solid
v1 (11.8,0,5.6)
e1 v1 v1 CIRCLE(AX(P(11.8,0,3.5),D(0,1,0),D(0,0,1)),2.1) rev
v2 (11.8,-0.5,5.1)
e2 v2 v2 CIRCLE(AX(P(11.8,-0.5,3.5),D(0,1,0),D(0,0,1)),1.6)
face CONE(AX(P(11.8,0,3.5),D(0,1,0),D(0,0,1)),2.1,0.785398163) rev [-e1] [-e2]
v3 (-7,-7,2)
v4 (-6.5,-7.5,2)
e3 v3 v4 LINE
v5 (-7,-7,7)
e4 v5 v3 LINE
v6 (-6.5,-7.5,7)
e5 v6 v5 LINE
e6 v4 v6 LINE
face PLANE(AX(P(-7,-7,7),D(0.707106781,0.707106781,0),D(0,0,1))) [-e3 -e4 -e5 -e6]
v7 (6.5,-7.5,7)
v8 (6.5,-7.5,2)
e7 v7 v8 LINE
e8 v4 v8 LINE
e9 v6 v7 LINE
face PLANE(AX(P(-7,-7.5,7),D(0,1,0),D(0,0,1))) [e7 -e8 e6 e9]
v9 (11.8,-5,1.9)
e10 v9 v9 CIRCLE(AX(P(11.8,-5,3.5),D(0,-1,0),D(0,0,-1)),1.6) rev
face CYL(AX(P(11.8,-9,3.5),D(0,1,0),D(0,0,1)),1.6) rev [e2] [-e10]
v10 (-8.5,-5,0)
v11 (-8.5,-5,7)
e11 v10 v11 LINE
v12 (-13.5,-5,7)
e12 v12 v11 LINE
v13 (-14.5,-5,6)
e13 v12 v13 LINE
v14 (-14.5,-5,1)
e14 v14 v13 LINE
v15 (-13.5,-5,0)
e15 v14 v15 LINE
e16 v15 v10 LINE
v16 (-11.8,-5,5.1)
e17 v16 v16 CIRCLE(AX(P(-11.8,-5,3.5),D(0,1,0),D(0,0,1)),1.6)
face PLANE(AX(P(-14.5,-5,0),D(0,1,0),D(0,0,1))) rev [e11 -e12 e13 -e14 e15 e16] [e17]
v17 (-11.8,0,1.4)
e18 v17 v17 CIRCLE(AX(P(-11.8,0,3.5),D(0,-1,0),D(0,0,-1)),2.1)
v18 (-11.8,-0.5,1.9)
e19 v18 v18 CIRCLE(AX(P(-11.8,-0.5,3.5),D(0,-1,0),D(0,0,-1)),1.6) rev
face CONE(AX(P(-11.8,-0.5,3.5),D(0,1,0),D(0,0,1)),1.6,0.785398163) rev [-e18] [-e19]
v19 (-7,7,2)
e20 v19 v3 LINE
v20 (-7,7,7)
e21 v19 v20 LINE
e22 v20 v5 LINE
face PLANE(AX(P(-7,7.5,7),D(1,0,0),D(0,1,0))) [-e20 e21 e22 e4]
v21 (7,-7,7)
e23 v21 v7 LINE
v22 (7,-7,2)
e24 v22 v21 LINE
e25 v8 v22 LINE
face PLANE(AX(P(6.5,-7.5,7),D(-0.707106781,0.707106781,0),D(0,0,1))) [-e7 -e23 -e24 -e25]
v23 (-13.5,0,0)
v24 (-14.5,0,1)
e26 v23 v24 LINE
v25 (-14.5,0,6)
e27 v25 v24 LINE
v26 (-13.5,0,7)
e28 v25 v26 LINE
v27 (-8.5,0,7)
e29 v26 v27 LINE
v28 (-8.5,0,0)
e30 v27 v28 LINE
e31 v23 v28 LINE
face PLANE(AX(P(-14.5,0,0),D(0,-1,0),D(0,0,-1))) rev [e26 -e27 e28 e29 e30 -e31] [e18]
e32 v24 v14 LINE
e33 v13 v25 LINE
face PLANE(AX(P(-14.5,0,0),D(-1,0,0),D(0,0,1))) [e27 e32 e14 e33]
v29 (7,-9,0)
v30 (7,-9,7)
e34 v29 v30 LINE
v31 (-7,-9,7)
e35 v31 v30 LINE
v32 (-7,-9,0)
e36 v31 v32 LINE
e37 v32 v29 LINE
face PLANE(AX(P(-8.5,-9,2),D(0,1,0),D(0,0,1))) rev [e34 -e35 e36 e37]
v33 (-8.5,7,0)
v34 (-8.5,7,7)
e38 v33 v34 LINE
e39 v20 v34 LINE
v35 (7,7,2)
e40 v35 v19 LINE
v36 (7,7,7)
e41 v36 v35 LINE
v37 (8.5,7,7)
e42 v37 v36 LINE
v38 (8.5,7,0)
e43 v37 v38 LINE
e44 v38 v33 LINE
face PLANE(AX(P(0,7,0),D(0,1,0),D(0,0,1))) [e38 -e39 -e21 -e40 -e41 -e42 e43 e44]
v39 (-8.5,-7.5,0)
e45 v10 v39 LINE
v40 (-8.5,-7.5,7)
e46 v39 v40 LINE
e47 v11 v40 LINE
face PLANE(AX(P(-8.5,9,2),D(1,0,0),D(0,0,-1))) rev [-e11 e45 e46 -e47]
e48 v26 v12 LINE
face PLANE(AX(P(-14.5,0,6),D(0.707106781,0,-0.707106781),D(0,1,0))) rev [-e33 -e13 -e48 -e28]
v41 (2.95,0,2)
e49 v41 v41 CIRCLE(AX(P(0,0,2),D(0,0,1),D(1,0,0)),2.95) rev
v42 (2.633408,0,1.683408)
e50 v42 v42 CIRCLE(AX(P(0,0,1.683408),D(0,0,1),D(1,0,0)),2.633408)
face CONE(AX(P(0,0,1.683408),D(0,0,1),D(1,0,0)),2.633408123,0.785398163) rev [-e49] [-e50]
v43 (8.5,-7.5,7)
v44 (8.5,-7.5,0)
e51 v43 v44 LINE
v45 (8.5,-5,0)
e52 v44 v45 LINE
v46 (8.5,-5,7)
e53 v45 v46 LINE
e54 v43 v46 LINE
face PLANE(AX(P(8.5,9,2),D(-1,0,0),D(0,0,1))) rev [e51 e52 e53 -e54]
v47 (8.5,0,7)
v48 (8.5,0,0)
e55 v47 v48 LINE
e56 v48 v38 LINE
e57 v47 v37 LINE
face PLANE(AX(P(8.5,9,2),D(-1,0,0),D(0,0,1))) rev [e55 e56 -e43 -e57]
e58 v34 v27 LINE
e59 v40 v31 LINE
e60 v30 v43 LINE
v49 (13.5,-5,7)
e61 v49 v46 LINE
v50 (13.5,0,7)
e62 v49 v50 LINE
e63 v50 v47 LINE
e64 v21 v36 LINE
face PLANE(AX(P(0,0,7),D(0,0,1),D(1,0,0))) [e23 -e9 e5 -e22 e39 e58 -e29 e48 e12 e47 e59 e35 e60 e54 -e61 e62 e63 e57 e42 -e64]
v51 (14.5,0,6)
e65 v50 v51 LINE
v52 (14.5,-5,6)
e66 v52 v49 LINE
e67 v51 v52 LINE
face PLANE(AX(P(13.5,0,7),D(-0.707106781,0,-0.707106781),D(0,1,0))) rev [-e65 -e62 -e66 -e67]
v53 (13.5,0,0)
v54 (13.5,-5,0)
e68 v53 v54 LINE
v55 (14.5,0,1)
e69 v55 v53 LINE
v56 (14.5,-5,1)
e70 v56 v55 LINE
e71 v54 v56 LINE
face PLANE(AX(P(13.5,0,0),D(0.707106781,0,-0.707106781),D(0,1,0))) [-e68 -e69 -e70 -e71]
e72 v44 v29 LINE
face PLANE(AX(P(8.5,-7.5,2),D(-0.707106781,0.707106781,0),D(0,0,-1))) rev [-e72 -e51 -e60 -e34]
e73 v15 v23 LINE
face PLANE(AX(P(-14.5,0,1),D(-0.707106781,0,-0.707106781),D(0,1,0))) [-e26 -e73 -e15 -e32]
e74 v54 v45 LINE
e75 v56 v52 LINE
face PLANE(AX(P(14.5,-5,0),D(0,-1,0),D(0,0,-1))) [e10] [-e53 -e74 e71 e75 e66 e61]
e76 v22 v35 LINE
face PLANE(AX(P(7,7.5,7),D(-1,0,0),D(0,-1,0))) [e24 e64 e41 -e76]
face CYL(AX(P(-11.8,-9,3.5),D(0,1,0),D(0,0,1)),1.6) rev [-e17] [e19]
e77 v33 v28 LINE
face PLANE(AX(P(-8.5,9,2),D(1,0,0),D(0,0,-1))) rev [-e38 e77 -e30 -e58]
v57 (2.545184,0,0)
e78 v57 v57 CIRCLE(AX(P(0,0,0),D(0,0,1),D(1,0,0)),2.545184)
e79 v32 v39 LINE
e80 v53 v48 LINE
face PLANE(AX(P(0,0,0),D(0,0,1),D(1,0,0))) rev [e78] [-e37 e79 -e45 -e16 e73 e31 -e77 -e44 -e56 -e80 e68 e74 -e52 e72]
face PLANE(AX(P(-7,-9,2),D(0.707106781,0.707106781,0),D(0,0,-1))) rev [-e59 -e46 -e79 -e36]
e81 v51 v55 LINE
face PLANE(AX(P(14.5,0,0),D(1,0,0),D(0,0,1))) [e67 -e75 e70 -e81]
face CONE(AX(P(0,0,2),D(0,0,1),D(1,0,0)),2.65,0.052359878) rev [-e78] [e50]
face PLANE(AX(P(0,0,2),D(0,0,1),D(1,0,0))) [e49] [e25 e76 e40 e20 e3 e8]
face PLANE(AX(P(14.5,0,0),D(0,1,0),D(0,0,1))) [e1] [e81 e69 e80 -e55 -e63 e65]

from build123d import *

# Parameters (mm, degrees)
ESQUISSE1_W                  = 17
ESQUISSE1_H                  = 18
BOSS_EXTRU_1_DEPTH           = 2
ESQUISSE2_W                  = 17
ESQUISSE2_H                  = 18
ESQUISSE2_W_2                = 14
ESQUISSE2_H_2                = 15
BOSS_EXTRU_2_DEPTH           = 5
ESQUISSE3_W                  = 7
ESQUISSE3_H                  = 5
BOSS_EXTRU_3_DEPTH           = 6
ESQUISSE4_R                  = 1.6
ENL_V_MAT_EXTRU_1_DEPTH      = 19.445866746
CHANFREIN1_SIZE              = 1
CHANFREIN1_OF_SYM_TRIE2_SIZE = 1
CHANFREIN2_SIZE              = 1.5
CHANFREIN3_SIZE              = 0.5
ESQUISSE5_R                  = 2.65
ENL_V_MAT_EXTRU_2_DEPTH      = 2
ENL_V_MAT_EXTRU_2_DRAFT      = -3
CHANFREIN4_SIZE              = 0.3
CHANFREIN4_SIZE2             = 0.317026351
CHANFREIN5_SIZE              = 0.5
ESQUISSE6_W                  = 25.293651759
ESQUISSE6_H                  = 13.130697886
ENL_V_MAT_EXTRU_3_DEPTH      = 2


with BuildPart() as part:
    # Esquisse1 → Boss.-Extru.1 (new body)
    with BuildSketch(Plane.XY):
        Rectangle(ESQUISSE1_W, ESQUISSE1_H)
    extrude(amount=BOSS_EXTRU_1_DEPTH)

    # Esquisse2 → Boss.-Extru.2 (add)
    with BuildSketch(Plane.XY.offset(2)):
        Rectangle(ESQUISSE2_W, ESQUISSE2_H)
        Rectangle(ESQUISSE2_W_2, ESQUISSE2_H_2, mode=Mode.SUBTRACT)
    extrude(amount=BOSS_EXTRU_2_DEPTH)

    # Esquisse3 → Boss.-Extru.3 (add)
    with BuildSketch(Plane.ZY.offset(8.5)):
        with Locations((3.5, -2.5)):
            Rectangle(ESQUISSE3_W, ESQUISSE3_H)
    boss_extru_3 = extrude(amount=BOSS_EXTRU_3_DEPTH)

    # Esquisse4 → Enlèv. mat.-Extru.1 (cut, through all)
    with BuildSketch(Plane(origin=(0, 0, 0), x_dir=(1, 0, 0), z_dir=(0, 1, 0))):
        with Locations(Location((-11.8, -3.5, 0), (0, 0, 270))):
            Circle(ESQUISSE4_R)
    enl_v_mat_extru_1 = extrude(amount=-ENL_V_MAT_EXTRU_1_DEPTH, mode=Mode.SUBTRACT)

    # Chanfrein1
    chanfrein1_edges = [part.edges().sort_by_distance(p)[0] for p in [
        (-14.5, -2.5, 0),
        (-14.5, -2.5, 7),
    ]]
    chamfer(chanfrein1_edges, length=CHANFREIN1_SIZE)

    # Symétrie2: Boss.-Extru.3, Enlèv. mat.-Extru.1 across plane
    add(boss_extru_3.mirror(Plane(origin=(0, 0, 0), x_dir=(0, 0, 1), z_dir=(1, 0, 0))))
    add(enl_v_mat_extru_1.mirror(Plane(origin=(0, 0, 0), x_dir=(0, 0, 1), z_dir=(1, 0, 0))), mode=Mode.SUBTRACT)

    # Chanfrein1 of Symétrie2
    chanfrein1_of_sym_trie2_edges = [part.edges().sort_by_distance(p)[0] for p in [
        (14.5, -2.5, 0),
        (14.5, -2.5, 7),
    ]]
    chamfer(chanfrein1_of_sym_trie2_edges, length=CHANFREIN1_OF_SYM_TRIE2_SIZE)

    # Chanfrein2
    chanfrein2_edges = [part.edges().sort_by_distance(p)[0] for p in [
        (-8.5, 9, 3.5),
        (8.5, 9, 3.5),
        (8.5, -9, 3.5),
        (-8.5, -9, 3.5),
    ]]
    chamfer(chanfrein2_edges, length=CHANFREIN2_SIZE)

    # Chanfrein3
    chanfrein3_edges = [part.edges().sort_by_distance(p)[0] for p in [
        (-7, -7.5, 4.5),
        (7, -7.5, 4.5),
        (7, 7.5, 4.5),
        (-7, 7.5, 4.5),
    ]]
    chamfer(chanfrein3_edges, length=CHANFREIN3_SIZE)


with BuildPart() as enl_v_mat_extru_2_tool:
    # Esquisse5 → Enlèv. mat.-Extru.2 (with draft: the straight prism first)
    with BuildSketch(Plane.XY.offset(2)):
        Circle(ESQUISSE5_R)
    extrude(amount=-ENL_V_MAT_EXTRU_2_DEPTH)
    # Enlèv. mat.-Extru.2: the draft: its side faces are tilted about the plane it starts from
    enl_v_mat_extru_2_sides = [enl_v_mat_extru_2_tool.faces().sort_by_distance(p)[0] for p in [
        (-2.65, 0, 1),
    ]]
    draft(enl_v_mat_extru_2_sides, Plane.XY.offset(2), ENL_V_MAT_EXTRU_2_DRAFT)


with BuildPart() as part_1:
    add(part.part)

    # Enlèv. mat.-Extru.2: cut by enl_v_mat_extru_2_tool
    add(enl_v_mat_extru_2_tool.part, mode=Mode.SUBTRACT)

    # Chanfrein4
    chanfrein4_edges = [part_1.edges().sort_by_distance(p)[0] for p in [
        (-2.65, 0, 2),
    ]]
    chanfrein4_side = [part_1.faces().sort_by_distance(p)[0] for p in [
        (0, -7.294817155, 2),
    ]]
    chamfer(chanfrein4_edges, length=CHANFREIN4_SIZE, length2=CHANFREIN4_SIZE2, reference=chanfrein4_side[0])

    # Chanfrein5
    chanfrein5_edges = [part_1.edges().sort_by_distance(p)[0] for p in [
        (-11.8, 0, 1.9),
        (11.8, 0, 1.9),
    ]]
    chamfer(chanfrein5_edges, length=CHANFREIN5_SIZE)

    # Esquisse6 → Enlèv. mat.-Extru.3 (cut)
    with BuildSketch(Plane(origin=(0, 9, 0), x_dir=(1, 0, 0), z_dir=(0, 1, 0))):
        with Locations((1.808818071, -4.181872969)):
            Rectangle(ESQUISSE6_W, ESQUISSE6_H)
    extrude(amount=-ENL_V_MAT_EXTRU_3_DEPTH, mode=Mode.SUBTRACT)


solid = part_1.part
